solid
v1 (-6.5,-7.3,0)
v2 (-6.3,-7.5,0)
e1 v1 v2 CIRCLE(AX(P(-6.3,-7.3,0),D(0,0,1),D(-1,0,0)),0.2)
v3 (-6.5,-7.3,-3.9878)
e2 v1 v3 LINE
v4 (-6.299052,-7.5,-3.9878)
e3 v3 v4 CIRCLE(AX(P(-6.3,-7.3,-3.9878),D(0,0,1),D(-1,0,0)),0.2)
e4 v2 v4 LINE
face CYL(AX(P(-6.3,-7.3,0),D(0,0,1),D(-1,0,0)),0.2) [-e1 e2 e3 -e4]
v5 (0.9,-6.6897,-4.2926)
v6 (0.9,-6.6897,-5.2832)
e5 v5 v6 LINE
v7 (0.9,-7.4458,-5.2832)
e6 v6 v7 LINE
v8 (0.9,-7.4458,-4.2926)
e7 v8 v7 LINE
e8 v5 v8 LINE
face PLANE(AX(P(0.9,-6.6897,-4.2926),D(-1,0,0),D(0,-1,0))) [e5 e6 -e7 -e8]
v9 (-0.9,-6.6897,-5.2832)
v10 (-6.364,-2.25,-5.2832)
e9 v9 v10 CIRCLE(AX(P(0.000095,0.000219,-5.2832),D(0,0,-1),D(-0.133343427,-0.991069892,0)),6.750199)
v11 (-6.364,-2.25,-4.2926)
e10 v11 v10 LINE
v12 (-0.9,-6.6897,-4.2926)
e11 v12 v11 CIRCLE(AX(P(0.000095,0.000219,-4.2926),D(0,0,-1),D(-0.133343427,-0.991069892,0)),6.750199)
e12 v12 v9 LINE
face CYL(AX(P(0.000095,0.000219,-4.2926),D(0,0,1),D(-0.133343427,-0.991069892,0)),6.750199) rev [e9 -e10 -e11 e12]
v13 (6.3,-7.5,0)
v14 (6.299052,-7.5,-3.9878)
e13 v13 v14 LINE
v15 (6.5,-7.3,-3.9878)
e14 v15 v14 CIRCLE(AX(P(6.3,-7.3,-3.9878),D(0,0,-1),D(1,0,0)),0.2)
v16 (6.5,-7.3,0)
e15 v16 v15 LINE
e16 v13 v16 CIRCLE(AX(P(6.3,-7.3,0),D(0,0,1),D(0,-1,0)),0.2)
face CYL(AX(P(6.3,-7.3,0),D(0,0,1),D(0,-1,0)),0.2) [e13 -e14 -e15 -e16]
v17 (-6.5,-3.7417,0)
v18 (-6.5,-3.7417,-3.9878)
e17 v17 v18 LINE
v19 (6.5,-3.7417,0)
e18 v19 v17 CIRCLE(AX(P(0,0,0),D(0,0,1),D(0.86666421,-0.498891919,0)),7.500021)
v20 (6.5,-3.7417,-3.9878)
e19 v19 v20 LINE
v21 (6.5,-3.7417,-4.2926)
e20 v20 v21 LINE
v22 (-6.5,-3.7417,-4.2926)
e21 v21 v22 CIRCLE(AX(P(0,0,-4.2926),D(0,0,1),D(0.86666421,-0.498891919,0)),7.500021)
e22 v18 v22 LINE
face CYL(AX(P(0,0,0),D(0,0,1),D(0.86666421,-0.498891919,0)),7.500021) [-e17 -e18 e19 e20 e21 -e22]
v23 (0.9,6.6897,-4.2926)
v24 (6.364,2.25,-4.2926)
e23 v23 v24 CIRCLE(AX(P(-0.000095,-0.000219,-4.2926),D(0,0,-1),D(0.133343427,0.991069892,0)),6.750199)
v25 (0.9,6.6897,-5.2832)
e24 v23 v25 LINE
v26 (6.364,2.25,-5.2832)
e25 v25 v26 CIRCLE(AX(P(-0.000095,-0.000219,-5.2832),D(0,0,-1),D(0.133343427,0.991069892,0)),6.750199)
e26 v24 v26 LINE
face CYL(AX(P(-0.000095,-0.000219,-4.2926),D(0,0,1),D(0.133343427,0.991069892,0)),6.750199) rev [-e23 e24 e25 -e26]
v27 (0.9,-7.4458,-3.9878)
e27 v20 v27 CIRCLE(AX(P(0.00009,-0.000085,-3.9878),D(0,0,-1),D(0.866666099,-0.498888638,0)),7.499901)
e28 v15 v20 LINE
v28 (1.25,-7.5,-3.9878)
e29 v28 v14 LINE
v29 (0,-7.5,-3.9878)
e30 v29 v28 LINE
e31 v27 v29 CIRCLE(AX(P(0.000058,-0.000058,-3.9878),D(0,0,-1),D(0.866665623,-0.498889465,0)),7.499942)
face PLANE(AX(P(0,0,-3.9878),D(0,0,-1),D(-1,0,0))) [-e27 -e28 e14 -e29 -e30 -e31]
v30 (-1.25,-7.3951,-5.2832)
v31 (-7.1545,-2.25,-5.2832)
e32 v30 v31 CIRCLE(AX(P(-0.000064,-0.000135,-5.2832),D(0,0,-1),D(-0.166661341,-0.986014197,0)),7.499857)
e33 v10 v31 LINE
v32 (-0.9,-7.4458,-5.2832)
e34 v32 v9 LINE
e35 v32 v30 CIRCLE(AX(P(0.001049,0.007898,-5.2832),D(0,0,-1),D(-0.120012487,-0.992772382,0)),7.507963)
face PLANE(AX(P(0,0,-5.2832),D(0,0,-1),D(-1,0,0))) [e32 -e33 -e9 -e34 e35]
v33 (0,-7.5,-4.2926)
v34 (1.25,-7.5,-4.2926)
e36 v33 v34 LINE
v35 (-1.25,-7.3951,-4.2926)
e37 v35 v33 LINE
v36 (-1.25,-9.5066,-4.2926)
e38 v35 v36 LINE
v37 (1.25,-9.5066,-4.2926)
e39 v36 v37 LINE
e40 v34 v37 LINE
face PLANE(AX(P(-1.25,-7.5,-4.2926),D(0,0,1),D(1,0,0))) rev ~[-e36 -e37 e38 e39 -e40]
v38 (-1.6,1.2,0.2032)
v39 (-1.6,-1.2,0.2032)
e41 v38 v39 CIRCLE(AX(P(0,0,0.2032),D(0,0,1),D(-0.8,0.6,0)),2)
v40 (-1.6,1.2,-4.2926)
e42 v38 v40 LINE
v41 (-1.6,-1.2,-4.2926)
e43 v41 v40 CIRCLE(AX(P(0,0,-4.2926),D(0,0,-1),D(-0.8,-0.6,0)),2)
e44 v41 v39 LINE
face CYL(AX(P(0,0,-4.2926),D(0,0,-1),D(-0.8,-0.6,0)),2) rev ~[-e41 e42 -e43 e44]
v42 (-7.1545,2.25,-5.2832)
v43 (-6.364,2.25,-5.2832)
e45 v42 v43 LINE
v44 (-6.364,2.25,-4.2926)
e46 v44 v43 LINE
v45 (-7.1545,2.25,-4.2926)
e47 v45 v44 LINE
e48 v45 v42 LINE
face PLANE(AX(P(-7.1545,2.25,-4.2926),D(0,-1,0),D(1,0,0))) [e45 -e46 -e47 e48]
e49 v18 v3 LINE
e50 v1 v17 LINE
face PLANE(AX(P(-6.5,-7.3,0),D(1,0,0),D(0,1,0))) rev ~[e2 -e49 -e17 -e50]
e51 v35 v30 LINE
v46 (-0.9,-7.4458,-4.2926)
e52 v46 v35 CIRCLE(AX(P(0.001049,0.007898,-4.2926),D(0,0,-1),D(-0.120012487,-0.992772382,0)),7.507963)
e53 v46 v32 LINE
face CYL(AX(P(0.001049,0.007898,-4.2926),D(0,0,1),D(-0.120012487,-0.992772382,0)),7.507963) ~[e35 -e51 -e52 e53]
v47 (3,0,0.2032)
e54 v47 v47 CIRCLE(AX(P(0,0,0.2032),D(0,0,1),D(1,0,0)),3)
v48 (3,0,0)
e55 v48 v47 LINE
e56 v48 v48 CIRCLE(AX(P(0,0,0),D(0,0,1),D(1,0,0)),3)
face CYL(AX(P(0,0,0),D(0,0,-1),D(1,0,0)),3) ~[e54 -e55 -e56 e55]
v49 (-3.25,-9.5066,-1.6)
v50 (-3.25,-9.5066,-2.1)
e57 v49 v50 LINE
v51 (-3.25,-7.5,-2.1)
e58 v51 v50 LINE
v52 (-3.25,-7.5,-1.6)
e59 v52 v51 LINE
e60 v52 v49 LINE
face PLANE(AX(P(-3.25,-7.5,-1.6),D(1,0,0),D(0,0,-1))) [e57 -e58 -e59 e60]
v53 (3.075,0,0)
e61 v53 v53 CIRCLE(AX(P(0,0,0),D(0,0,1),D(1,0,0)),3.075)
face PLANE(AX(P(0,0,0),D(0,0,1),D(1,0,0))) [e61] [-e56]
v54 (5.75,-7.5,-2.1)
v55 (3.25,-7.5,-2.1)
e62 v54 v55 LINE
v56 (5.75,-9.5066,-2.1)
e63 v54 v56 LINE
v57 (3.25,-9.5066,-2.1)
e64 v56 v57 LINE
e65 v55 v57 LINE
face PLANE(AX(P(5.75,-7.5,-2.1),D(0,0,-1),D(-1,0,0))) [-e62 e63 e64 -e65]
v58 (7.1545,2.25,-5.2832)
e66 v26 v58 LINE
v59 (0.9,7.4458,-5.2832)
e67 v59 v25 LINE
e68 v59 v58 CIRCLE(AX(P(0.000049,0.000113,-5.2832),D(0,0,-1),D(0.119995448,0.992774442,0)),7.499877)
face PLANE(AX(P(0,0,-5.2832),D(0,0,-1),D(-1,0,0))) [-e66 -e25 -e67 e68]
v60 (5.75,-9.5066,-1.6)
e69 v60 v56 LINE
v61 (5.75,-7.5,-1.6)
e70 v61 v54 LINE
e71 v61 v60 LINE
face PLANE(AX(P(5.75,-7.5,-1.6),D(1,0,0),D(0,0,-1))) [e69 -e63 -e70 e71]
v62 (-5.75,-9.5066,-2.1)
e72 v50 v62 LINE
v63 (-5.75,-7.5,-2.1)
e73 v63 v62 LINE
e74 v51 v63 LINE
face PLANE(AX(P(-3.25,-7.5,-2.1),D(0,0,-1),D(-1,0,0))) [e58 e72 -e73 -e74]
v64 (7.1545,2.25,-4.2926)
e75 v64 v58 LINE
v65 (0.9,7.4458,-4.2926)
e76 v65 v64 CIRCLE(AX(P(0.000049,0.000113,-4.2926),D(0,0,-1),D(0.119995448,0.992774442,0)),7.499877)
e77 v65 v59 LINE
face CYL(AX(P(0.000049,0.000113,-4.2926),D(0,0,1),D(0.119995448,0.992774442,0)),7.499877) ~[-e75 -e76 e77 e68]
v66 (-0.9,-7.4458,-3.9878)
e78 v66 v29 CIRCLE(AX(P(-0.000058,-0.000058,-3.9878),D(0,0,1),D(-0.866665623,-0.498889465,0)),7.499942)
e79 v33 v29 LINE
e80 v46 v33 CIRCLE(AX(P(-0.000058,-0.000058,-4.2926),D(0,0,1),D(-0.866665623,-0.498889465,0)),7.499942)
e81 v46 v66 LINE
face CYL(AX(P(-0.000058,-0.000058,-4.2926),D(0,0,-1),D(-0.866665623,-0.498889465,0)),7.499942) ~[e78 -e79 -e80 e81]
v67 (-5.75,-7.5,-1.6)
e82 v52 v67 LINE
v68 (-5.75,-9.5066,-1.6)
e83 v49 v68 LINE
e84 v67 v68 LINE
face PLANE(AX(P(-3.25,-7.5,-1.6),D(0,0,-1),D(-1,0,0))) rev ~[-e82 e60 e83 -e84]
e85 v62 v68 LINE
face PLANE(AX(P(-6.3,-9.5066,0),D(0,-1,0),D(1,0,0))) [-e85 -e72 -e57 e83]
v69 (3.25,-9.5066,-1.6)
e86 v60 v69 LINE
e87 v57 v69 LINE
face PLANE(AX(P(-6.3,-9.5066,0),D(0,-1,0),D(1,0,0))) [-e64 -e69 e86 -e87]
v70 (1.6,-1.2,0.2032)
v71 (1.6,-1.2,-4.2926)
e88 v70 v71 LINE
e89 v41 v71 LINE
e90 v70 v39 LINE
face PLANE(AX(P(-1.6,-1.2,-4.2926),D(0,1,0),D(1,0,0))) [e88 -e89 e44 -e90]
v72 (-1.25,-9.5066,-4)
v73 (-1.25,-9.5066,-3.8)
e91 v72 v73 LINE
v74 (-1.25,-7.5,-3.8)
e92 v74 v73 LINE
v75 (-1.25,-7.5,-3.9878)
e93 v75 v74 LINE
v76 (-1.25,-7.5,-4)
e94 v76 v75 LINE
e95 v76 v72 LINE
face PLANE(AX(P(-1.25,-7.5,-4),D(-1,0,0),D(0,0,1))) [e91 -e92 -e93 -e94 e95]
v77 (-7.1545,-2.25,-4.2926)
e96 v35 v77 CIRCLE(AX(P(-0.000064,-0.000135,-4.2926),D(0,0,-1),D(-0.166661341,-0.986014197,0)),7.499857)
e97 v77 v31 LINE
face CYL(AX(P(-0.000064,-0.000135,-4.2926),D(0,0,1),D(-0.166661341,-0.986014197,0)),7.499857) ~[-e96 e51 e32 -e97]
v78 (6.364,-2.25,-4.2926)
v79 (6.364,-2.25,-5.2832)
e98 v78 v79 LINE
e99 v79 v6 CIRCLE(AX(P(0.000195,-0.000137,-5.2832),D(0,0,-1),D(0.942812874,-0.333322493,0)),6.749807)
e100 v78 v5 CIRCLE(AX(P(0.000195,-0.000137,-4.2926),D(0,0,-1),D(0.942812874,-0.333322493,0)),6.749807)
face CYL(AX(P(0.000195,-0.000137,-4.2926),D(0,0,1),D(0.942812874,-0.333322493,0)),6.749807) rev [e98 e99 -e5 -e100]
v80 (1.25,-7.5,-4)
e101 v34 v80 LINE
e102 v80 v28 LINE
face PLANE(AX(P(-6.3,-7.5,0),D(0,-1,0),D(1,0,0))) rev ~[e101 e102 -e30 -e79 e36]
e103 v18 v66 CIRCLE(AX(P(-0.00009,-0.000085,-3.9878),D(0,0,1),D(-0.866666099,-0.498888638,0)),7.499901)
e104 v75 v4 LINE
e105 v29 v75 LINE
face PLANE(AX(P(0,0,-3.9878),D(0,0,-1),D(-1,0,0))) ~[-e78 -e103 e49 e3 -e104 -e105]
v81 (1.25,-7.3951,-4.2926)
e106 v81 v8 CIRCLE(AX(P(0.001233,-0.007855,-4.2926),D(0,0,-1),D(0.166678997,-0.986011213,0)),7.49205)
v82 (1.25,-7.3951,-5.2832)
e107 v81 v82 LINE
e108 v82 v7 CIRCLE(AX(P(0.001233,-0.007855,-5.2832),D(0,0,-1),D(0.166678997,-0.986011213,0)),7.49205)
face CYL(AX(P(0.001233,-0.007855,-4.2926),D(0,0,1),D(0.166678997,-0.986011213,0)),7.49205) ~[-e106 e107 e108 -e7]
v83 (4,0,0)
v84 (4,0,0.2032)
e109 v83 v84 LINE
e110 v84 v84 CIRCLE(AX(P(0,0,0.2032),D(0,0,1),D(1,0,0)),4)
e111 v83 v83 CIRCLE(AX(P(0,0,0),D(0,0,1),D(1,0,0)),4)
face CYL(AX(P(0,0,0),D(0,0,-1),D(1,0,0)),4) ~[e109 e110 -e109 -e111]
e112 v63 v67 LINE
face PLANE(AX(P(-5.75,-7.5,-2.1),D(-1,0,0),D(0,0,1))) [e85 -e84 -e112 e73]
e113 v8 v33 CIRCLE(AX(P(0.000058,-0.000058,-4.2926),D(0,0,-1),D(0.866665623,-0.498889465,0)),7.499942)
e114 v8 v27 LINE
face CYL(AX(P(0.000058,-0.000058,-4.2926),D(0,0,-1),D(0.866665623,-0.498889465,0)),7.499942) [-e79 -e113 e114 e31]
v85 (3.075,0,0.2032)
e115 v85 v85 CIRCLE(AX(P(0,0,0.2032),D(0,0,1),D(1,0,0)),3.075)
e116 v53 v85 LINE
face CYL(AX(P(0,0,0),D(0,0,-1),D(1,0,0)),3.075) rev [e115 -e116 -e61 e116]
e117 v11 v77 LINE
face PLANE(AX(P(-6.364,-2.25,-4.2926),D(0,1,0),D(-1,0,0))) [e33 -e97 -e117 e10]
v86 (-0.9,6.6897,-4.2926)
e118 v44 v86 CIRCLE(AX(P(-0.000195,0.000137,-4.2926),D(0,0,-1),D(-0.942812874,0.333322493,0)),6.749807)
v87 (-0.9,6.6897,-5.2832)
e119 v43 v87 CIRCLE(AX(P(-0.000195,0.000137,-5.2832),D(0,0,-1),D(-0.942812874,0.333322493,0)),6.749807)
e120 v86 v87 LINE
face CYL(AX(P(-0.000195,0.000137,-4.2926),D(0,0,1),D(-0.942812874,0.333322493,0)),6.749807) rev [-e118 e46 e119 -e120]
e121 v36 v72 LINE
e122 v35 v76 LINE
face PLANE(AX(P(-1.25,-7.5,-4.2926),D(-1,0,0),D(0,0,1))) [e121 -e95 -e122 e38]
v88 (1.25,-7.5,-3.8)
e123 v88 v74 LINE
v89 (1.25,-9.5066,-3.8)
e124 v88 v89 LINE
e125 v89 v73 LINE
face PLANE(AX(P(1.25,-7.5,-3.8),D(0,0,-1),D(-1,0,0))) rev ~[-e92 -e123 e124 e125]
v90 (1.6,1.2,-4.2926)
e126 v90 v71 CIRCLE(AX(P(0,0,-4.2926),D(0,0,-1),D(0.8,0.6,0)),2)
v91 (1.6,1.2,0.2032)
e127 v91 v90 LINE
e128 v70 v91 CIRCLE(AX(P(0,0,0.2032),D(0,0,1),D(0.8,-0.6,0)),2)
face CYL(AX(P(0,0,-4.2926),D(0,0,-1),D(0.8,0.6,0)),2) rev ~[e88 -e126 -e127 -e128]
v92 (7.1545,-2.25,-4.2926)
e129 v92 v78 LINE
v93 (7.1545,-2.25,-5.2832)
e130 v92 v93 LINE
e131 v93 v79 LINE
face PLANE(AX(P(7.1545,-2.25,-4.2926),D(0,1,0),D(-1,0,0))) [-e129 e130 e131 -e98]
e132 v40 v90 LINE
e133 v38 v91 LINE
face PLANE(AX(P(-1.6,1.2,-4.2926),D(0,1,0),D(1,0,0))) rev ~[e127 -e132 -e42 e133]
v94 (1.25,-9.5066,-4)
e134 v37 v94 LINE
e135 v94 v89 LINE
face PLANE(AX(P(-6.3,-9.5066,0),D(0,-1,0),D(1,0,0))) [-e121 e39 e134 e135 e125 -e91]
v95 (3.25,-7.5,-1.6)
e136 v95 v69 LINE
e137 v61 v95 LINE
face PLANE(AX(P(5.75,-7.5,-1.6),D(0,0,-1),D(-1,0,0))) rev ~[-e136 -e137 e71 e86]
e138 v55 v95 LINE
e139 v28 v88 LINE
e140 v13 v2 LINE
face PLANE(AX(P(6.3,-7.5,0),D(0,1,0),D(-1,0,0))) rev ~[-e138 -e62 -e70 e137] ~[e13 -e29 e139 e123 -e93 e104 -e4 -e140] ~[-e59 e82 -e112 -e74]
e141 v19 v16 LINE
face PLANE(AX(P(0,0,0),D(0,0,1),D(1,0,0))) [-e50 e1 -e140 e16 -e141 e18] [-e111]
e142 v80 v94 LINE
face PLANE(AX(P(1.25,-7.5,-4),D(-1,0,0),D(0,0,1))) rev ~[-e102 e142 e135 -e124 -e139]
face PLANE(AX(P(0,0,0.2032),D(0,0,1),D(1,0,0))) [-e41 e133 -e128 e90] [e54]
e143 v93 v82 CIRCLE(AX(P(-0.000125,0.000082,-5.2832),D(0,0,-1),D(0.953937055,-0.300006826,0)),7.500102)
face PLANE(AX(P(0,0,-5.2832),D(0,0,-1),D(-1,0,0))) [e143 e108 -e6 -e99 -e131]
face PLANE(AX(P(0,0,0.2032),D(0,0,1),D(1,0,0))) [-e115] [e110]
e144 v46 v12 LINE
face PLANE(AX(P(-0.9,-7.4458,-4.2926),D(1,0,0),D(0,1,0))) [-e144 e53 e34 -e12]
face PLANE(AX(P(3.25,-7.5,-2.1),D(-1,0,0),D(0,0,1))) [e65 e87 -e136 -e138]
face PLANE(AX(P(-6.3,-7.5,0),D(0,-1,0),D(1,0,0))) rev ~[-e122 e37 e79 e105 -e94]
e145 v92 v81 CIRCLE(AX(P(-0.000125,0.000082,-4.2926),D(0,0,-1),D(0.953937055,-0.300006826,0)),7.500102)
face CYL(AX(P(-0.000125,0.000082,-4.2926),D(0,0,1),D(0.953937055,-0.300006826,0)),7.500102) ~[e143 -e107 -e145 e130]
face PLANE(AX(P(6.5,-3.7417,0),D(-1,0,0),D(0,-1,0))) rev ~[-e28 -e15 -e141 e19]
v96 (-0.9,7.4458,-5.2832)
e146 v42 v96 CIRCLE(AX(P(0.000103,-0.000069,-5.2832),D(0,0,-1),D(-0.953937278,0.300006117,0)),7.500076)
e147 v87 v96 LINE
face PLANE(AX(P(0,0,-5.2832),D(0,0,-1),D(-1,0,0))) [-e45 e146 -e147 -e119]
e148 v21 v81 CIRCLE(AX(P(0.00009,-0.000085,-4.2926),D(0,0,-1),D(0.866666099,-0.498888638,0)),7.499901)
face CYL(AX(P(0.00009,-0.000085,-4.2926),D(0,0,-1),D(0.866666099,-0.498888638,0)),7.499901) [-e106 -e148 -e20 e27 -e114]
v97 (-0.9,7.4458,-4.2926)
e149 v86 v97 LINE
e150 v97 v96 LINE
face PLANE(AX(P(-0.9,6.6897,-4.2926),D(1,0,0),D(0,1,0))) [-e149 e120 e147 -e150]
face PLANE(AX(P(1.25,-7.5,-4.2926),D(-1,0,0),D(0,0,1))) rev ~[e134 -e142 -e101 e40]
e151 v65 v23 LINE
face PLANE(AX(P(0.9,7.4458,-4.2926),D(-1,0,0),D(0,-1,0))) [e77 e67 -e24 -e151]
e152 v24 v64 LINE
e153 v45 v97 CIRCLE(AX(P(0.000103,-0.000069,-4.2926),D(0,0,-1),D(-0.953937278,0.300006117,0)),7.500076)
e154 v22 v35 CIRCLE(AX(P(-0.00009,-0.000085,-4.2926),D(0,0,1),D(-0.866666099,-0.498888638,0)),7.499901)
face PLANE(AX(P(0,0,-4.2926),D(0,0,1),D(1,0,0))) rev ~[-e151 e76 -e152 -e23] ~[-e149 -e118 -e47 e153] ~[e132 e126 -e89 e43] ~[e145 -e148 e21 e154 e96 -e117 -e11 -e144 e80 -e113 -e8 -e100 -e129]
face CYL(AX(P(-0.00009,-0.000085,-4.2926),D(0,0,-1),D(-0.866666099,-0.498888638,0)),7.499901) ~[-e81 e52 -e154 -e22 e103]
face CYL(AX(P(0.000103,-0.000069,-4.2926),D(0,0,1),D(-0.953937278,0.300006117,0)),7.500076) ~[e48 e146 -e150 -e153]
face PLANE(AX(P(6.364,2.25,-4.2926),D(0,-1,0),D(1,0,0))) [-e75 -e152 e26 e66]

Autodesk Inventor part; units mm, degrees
ref_plane "YZ Plane" through (0, 0, 0) normal (1, 0, 0) x (0, 1, 0)
ref_plane "XZ Plane" through (0, 0, 0) normal (0, 1, 0) x (-1, 0, 0)
ref_plane "XY Plane" through (0, 0, 0) normal (0, 0, 1) x (1, 0, 0)
sketch "Sketch1" plane through (0, 0, 0) normal (0, 0, 1) x (1, 0, 0)
  arc A0 (6.5, -3.7417) -> (-6.5, -3.7417) centre (0, 0) ccw
  line L0 (-6.5, -7.3) -> (-6.5, -3.7417)
  arc A1 (-6.5, -7.3) -> (-6.3, -7.5) centre (-6.3, -7.3) ccw
  line L1 (6.3, -7.5) -> (-6.3, -7.5)
  arc A2 (6.3, -7.5) -> (6.5, -7.3) centre (6.3, -7.3) ccw
  line L2 (6.5, -3.7417) -> (6.5, -7.3)
  circle A3 centre (0, 0) radius 4
extrude "Extrusion1" add sketch "Sketch1" against normal blind 4.2926 contours L2 A2 L1 A1 L0 A0 | A3
sketch "Sketch2" plane through (0, 0, -4.2926) normal (0, 0, -1) x (-1, 0, 0)
  arc A0 (0.9, -6.6897) -> (6.364, -2.25) centre (0, 0) ccw
  line L0 (6.364, -2.25) -> (7.1545, -2.25)
  arc A1 (7.1545, -2.25) -> (7.1545, 2.25) centre (0, 0) ccw
  line L1 (7.1545, 2.25) -> (6.364, 2.25)
  arc A2 (6.364, 2.25) -> (0.9, 6.6897) centre (0, 0) ccw
  line L2 (0.9, 6.6897) -> (0.9, 7.4458)
  arc A3 (0.9, 7.4458) -> (-0.9, 7.4458) centre (0, 0) ccw
  line L3 (-0.9, 7.4458) -> (-0.9, 6.6897)
  arc A4 (-0.9, 6.6897) -> (-6.364, 2.25) centre (0, 0) ccw
  line L4 (-6.364, 2.25) -> (-7.1545, 2.25)
  arc A5 (-7.1545, 2.25) -> (-7.1545, -2.25) centre (0, 0) ccw
  line L5 (-7.1545, -2.25) -> (-6.364, -2.25)
  arc A6 (-6.364, -2.25) -> (-0.9, -6.6897) centre (0, 0) ccw
  line L6 (-0.9, -6.6897) -> (-0.9, -7.4458)
  arc A7 (-1.25, -7.3951) -> (-0.9, -7.4458) centre (0, 0) ccw
  arc A8 (0.9, -7.4458) -> (1.25, -7.3951) centre (0, 0) ccw
  line L7 (0.9, -7.4458) -> (0.9, -6.6897)
  arc A9 (1.6, -1.2) -> (1.6, 1.2) centre (0, 0) ccw
  line L8 (1.6, -1.2) -> (-1.6, -1.2)
  arc A10 (-1.6, 1.2) -> (-1.6, -1.2) centre (0, 0) ccw
  line L9 (1.6, 1.2) -> (-1.6, 1.2)
  arc A11 (-1.25, -7.3951) -> (-0.9, -7.4458) centre (0, 0) ccw
  arc A12 (-7.1545, -2.25) -> (-1.25, -7.3951) centre (0, 0) ccw
  arc A13 (-7.1545, 2.25) -> (-7.1545, -2.25) centre (0, 0) ccw
  arc A14 (-0.9, 7.4458) -> (-7.1545, 2.25) centre (0, 0) ccw
  arc A15 (0.9, 7.4458) -> (-0.9, 7.4458) centre (0, 0) ccw
  arc A16 (7.1545, 2.25) -> (0.9, 7.4458) centre (0, 0) ccw
  arc A17 (7.1545, -2.25) -> (7.1545, 2.25) centre (0, 0) ccw
  arc A18 (1.25, -7.3951) -> (7.1545, -2.25) centre (0, 0) ccw
  line L10 (-0.9, -6.6897) -> (-0.9, -7.4458)
  arc A19 (-6.364, -2.25) -> (-0.9, -6.6897) centre (0, 0) ccw
  line L11 (-7.1545, -2.25) -> (-6.364, -2.25)
  line L12 (-6.364, 2.25) -> (-7.1545, 2.25)
  arc A20 (-0.9, 6.6897) -> (-6.364, 2.25) centre (0, 0) ccw
  line L13 (-0.9, 7.4458) -> (-0.9, 6.6897)
  line L14 (0.9, 6.6897) -> (0.9, 7.4458)
  arc A21 (6.364, 2.25) -> (0.9, 6.6897) centre (0, 0) ccw
  line L15 (7.1545, 2.25) -> (6.364, 2.25)
  line L16 (6.364, -2.25) -> (7.1545, -2.25)
  arc A22 (0.9, -6.6897) -> (6.364, -2.25) centre (0, 0) ccw
  line L17 (0.9, -7.4458) -> (0.9, -6.6897)
  arc A23 (0.9, -7.4458) -> (1.25, -7.3951) centre (0, 0) ccw
  arc A24 (1.6, -1.2) -> (1.6, 1.2) centre (0, 0) ccw
  line L18 (1.6, 1.2) -> (-1.6, 1.2)
  arc A25 (-1.6, 1.2) -> (-1.6, -1.2) centre (0, 0) ccw
  line L19 (-1.6, -1.2) -> (1.6, -1.2)
extrude "Extrusion2" add sketch "Sketch2" along normal blind 0.9906 contours L5 A6 L6 A7 A12 | L3 A4 L4 A14 | L1 A2 L2 A16 | A0 L0 A18 A8 L7
extrude "Extrusion3" cut sketch "Sketch2" against normal up to next contours L8 A10 L9 A9
sketch "Sketch3" plane through (0, 0, 0) normal (0, 0, 1) x (1, 0, 0)
  arc A0 (1.6, -1.2) -> (1.6, 1.2) centre (0, 0) ccw projected
  line L0 (1.6, -1.2) -> (-1.6, -1.2) projected
  arc A1 (-1.6, 1.2) -> (-1.6, -1.2) centre (0, 0) ccw projected
  line L1 (-1.6, 1.2) -> (1.6, 1.2) projected
  arc A2 (6.5, -3.7417) -> (-6.5, -3.7417) centre (0, 0) ccw
  line L2 (-6.5, -7.3) -> (-6.5, -3.7417)
  arc A3 (-6.5, -7.3) -> (-6.3, -7.5) centre (-6.3, -7.3) ccw
  line L3 (6.3, -7.5) -> (-6.3, -7.5)
  arc A4 (6.3, -7.5) -> (6.5, -7.3) centre (6.3, -7.3) ccw
  line L4 (6.5, -3.7417) -> (6.5, -7.3)
  circle A5 centre (0, 0) radius 4
  circle A6 centre (0, 0) radius 4
  circle A7 centre (0, 0) radius 3.075
  arc A8 (6.5, -3.7417) -> (-6.5, -3.7417) centre (0, 0) ccw
  line L5 (-6.5, -7.3) -> (-6.5, -3.7417)
  arc A9 (-6.5, -7.3) -> (-6.3, -7.5) centre (-6.3, -7.3) ccw
  line L6 (6.3, -7.5) -> (-6.3, -7.5)
  arc A10 (6.3, -7.5) -> (6.5, -7.3) centre (6.3, -7.3) ccw
  line L7 (6.5, -3.7417) -> (6.5, -7.3)
  circle A11 centre (0, 0) radius 4
  circle A12 centre (0, 0) radius 4
  circle A13 centre (0, 0) radius 3.075
  circle A14 centre (0, 0) radius 3
  line L8 (1.6, -1.2) -> (-1.6, -1.2)
  arc A15 (-1.6, 1.2) -> (-1.6, -1.2) centre (0, 0) ccw
  line L9 (-1.6, 1.2) -> (1.6, 1.2)
  arc A16 (1.6, -1.2) -> (1.6, 1.2) centre (0, 0) ccw
extrude "Extrusion4" add sketch "Sketch3" along normal blind 0.2032 contours A5 | A14
sketch "Sketch5" plane through (0, 0, -4.2926) normal (0, 0, -1) x (-1, 0, 0)
  arc A0 (-6.5, -3.7417) -> (-0.9, -7.4458) centre (0, 0) ccw projected
  line L0 (-6.5, -7.3) -> (-6.5, -3.7417) projected
  arc A1 (-6.5, -7.3) -> (-6.3, -7.5) centre (-6.3, -7.3) ccw projected
  line L1 (6.3, -7.5) -> (-6.3, -7.5) projected
  line L2 (6.5, -3.7417) -> (6.5, -7.3) projected
  arc A2 (0.9, -7.4458) -> (6.5, -3.7417) centre (0, 0) ccw projected
  arc A3 (-6.5, -3.7417) -> (0, -7.5) centre (0, 0) ccw
  line L3 (-6.5, -3.7417) -> (-6.5, -7.2968)
  line L4 (-6.2968, -7.5) -> (0, -7.5)
  line L5 (6.5, -7.2968) -> (6.5, -3.7417)
  arc A4 (-6.5, -7.2968) -> (-6.2968, -7.5) centre (-6.2968, -7.2968) ccw
  arc A5 (6.2968, -7.5) -> (6.5, -7.2968) centre (6.2968, -7.2968) ccw
  circle A6 centre (0, 0) radius 7.5
  point P0 (-6.5, -7.5)
  dimension "d8" = 0.2032
extrude "Extrusion5" cut sketch "Sketch5" against normal blind 0.3048 contours A0 A3 L1 A1 L0
mirror "Mirror1" about plane through (0, 0, 0) normal (1, 0, 0) of "Extrusion5"
sketch "Sketch4" plane through (-6.3, -7.5, 0) normal (0, -1, 0) x (1, 0, 0)
  line L0 (0, -4.2926) -> (12.6, -4.2926) projected
  line L1 (5.05, -4) -> (0, -4)
  line L2 (5.05, -4.2926) -> (5.05, -3.8)
  line L3 (7.55, -3.8) -> (5.05, -3.8)
  line L4 (7.55, -4.2926) -> (7.55, -3.8)
  line L5 (12.6, -4) -> (7.55, -4)
  line L6 (12.6, -4) -> (12.6, 0)
  line L7 (12.6, 0) -> (0, 0)
  line L8 (0, -4) -> (0, 0)
  line L9 (3.05, -1.6) -> (0.55, -1.6)
  line L10 (3.05, -1.6) -> (3.05, -2.1)
  line L11 (3.05, -2.1) -> (0.55, -2.1)
  line L12 (0.55, -2.1) -> (0.55, -1.6)
  line L13 (12.05, -1.6) -> (9.55, -1.6)
  line L14 (12.05, -1.6) -> (12.05, -2.1)
  line L15 (12.05, -2.1) -> (9.55, -2.1)
  line L16 (9.55, -2.1) -> (9.55, -1.6)
  line L17 (7.55, -4.2926) -> (5.05, -4.2926)
  line L18 (7.55, -3.8) -> (5.05, -3.8)
  line L19 (5.05, -3.8) -> (5.05, -4.2926)
  line L20 (5.05, -4.2926) -> (7.55, -4.2926)
  line L21 (7.55, -4.2926) -> (7.55, -3.8)
  point P0 (6.3, 0)
  point P1 (6.3, 0)
extrude "Extrusion6" add sketch "Sketch4" along normal blind 2.0066 contours L10 L11 L12 L9 | L14 L15 L16 L13
extrude "Extrusion7" add sketch "Sketch4" along normal up to surface (2.0066 mm away) from surface at 0 contours L2 L3 L4 L0
properties part number "276-2216.html" material "Acetal Resin, White"
